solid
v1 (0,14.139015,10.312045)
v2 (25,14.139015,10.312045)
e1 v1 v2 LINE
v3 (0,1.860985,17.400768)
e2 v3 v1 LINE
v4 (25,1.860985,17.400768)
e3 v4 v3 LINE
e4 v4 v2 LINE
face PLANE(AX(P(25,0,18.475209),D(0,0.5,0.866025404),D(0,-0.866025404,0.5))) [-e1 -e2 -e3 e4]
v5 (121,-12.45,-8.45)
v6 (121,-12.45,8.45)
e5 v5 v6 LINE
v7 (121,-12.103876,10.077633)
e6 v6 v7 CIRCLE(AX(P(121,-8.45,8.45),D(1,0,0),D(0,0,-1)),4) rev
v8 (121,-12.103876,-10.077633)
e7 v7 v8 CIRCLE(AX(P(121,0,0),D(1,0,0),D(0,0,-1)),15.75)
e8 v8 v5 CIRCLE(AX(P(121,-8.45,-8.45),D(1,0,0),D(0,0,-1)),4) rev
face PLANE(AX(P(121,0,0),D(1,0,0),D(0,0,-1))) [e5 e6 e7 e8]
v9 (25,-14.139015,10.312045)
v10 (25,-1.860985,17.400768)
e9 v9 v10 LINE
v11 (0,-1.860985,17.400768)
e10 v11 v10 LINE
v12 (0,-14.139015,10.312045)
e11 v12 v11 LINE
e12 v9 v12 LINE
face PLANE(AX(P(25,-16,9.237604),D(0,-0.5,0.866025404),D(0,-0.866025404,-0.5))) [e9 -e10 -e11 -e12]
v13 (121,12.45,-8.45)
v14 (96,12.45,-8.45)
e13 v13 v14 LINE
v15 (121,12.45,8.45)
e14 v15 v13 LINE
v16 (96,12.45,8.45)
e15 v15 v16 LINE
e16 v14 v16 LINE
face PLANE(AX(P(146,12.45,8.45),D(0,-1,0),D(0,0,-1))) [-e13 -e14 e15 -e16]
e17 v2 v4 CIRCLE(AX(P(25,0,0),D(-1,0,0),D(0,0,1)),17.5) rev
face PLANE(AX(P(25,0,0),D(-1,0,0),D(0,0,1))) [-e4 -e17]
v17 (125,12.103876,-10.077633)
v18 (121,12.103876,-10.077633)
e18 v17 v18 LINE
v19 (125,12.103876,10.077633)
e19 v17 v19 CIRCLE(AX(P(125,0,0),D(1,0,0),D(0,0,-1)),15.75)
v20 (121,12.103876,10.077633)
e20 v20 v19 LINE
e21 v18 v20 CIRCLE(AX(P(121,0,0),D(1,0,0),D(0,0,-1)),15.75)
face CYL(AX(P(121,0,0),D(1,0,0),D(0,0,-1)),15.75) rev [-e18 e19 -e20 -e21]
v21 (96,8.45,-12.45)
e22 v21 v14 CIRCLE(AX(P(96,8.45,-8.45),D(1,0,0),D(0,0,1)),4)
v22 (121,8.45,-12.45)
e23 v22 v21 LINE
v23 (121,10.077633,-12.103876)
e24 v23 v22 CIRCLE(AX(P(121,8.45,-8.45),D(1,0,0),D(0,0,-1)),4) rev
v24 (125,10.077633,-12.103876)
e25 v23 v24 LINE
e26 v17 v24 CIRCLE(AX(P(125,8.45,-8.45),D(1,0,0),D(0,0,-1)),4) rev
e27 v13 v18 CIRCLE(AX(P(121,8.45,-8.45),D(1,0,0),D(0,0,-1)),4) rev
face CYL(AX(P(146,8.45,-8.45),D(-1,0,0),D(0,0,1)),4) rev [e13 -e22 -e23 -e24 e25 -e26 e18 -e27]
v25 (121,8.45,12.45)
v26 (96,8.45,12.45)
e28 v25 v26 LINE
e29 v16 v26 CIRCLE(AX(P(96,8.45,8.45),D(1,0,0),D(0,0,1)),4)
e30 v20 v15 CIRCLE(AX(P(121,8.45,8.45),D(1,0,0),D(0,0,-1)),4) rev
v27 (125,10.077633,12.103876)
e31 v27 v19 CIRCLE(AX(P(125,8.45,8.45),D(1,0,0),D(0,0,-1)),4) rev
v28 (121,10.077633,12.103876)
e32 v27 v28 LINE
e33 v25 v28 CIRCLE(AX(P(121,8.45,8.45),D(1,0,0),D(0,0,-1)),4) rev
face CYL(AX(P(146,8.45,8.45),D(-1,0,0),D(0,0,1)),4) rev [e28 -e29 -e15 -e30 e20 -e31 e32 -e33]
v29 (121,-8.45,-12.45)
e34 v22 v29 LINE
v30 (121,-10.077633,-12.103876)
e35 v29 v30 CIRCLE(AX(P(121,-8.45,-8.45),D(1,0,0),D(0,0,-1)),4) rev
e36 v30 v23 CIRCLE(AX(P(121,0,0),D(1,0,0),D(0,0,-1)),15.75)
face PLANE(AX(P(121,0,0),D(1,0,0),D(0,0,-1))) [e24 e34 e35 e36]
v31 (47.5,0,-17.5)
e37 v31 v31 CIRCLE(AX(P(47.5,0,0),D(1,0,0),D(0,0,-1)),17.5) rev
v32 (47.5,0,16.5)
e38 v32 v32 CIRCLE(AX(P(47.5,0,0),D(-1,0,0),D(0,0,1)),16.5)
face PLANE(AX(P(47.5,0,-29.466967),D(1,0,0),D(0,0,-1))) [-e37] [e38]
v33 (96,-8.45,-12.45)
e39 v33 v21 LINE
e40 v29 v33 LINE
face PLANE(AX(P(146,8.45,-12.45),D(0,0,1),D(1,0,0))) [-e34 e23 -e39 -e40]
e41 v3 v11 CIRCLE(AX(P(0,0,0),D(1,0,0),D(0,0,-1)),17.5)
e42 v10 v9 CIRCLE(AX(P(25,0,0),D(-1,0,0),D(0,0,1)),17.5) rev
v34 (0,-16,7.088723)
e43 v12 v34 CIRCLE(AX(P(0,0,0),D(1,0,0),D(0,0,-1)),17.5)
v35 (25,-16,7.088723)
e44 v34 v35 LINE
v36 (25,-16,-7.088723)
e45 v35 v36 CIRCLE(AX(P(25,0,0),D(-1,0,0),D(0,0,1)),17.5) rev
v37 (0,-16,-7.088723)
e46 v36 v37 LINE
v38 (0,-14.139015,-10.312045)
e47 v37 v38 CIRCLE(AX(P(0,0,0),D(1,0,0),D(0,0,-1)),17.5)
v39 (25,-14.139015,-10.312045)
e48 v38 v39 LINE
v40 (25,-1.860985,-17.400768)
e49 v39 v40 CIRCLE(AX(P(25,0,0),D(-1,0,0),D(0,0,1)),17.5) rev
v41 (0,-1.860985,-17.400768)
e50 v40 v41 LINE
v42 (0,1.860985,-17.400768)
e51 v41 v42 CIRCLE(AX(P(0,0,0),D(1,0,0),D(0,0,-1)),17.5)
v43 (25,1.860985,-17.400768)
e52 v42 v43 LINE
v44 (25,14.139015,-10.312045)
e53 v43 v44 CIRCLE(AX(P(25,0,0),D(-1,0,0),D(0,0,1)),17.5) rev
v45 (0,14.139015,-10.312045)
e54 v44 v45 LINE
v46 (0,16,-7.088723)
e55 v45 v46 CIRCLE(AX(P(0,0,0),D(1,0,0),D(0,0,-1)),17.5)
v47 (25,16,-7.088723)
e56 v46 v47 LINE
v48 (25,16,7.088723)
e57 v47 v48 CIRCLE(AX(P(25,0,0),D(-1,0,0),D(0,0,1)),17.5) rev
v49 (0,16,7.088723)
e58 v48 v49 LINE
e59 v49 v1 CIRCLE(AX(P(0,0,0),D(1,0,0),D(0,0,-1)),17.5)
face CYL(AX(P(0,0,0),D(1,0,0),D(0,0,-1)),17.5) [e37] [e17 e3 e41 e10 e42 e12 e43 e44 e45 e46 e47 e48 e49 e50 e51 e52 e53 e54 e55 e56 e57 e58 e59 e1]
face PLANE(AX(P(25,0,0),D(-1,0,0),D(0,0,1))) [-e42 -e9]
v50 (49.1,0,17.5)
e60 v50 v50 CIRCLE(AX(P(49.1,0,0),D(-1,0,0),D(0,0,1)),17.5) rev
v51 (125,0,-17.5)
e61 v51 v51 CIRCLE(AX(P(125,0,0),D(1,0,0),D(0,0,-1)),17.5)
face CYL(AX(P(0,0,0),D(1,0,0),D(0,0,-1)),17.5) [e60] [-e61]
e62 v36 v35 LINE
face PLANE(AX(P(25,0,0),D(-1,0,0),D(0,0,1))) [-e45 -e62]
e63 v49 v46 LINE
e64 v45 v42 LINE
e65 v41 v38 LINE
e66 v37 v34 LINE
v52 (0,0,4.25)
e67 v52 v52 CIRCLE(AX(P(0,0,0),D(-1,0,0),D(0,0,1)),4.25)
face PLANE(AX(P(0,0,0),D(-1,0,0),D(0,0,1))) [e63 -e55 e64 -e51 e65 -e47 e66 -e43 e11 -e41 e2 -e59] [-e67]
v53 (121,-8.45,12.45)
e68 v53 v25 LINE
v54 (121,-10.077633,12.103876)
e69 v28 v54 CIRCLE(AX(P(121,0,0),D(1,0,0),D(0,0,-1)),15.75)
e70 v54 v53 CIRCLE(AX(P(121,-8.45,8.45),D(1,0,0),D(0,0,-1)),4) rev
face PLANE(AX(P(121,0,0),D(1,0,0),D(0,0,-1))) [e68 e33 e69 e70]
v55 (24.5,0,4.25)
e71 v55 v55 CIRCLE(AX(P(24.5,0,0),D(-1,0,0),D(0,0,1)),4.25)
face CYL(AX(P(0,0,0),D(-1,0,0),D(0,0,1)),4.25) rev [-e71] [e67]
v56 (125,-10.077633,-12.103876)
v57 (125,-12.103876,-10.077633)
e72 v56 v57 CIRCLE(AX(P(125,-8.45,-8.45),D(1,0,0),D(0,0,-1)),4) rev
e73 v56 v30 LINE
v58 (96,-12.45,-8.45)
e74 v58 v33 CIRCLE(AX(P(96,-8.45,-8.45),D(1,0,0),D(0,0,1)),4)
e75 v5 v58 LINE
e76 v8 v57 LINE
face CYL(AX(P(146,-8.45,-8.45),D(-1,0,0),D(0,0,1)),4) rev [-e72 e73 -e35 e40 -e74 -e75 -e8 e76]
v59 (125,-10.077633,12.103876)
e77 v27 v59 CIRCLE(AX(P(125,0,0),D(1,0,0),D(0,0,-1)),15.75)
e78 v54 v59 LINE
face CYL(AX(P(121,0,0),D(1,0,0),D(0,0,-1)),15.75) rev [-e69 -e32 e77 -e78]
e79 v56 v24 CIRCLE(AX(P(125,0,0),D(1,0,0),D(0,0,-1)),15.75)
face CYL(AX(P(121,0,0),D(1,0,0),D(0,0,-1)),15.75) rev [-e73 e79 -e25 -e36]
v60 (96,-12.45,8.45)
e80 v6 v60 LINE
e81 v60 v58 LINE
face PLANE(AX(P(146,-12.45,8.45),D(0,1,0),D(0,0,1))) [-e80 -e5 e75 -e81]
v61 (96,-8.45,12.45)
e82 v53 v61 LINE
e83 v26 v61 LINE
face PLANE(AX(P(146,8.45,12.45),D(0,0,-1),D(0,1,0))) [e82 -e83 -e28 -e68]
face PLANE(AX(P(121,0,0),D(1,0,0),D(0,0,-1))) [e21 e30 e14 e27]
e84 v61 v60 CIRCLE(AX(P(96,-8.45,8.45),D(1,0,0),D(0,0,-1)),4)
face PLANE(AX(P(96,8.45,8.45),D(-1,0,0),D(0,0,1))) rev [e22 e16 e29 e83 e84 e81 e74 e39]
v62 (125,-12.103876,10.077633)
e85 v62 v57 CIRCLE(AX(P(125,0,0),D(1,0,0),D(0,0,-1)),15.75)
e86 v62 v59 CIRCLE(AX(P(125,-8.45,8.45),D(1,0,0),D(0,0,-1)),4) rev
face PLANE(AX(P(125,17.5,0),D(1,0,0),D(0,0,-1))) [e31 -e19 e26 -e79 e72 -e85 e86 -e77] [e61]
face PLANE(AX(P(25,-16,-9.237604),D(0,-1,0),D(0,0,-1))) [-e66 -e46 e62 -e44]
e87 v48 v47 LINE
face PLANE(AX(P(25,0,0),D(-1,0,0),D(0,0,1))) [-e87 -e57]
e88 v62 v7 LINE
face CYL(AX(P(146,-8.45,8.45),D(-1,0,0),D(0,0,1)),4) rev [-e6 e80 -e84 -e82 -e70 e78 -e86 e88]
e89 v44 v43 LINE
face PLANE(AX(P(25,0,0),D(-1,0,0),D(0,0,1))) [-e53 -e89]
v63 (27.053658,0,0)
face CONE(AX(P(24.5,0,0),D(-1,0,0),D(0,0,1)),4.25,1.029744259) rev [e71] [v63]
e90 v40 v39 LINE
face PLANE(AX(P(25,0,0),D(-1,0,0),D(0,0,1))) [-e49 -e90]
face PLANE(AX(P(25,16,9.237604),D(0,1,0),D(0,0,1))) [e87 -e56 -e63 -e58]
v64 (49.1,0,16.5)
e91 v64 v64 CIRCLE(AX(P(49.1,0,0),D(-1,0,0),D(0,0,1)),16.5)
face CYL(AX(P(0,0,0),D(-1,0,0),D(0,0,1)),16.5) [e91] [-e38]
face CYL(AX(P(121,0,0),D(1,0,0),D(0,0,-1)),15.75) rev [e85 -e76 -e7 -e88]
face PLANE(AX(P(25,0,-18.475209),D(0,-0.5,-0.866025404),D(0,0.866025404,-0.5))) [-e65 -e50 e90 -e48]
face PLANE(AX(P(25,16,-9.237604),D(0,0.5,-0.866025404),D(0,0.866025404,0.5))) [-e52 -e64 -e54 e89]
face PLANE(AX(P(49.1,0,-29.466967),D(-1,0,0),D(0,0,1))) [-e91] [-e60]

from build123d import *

# Parameters (mm, degrees)
SKETCH1_W                  = 125
SKETCH1_H                  = 17.5
SKETCH3_R                  = 15.75
CUT_EXTRUDE1_DEPTH         = 4
CUT_EXTRUDE2_DEPTH         = 25
CUT_EXTRUDE2_DEPTH_BACK    = 25
SKETCH5_OUTSIDE_W          = 63.888
SKETCH5_OUTSIDE_H          = 63.888
CUT_EXTRUDE3_DEPTH         = 25
SKETCH6_W                  = 1.6
SKETCH6_H                  = 12.966966859
M10X1_5_TAPPED_HOLE1_D     = 8.5
M10X1_5_TAPPED_HOLE1_DEPTH = 24.5
M10X1_5_TAPPED_HOLE1_TIP   = 2.553657631


with BuildPart() as part:
    # Sketch1 → Revolve1 (revolve)
    with BuildSketch(Plane.XY, mode=Mode.PRIVATE) as revolve1_sk:
        with Locations((62.5, 8.75)):
            Rectangle(SKETCH1_W, SKETCH1_H)
    revolve(revolve1_sk.sketch.rotate(Axis((0, 0, 0), (-1, 0, 0)), 90), axis=Axis((0, 0, 0), (-1, 0, 0)))

    # Sketch3 → Cut-Extrude1 (cut)
    with BuildSketch(Plane(origin=(125, 0, 0), x_dir=(0, 0, -1), z_dir=(1, 0, 0))):
        Circle(SKETCH3_R)
    extrude(amount=-CUT_EXTRUDE1_DEPTH, mode=Mode.SUBTRACT)

    # Sketch4 → Cut-Extrude2 (cut, two sides: drawn at the far end of the back side and taken through both)
    with BuildSketch(Plane(origin=(121, 0, 0), x_dir=(0, 0, -1), z_dir=(1, 0, 0)).offset(-CUT_EXTRUDE2_DEPTH_BACK)):
        with BuildLine():
            Line((-8.45, 12.45), (8.45, 12.45))
            ThreePointArc((8.45, 12.45), (11.278427125, 11.278427125), (12.45, 8.45))
            Line((12.45, 8.45), (12.45, -8.45))
            ThreePointArc((12.45, -8.45), (11.278427125, -11.278427125), (8.45, -12.45))
            Line((8.45, -12.45), (-8.45, -12.45))
            ThreePointArc((-8.45, -12.45), (-11.278427125, -11.278427125), (-12.45, -8.45))
            Line((-12.45, -8.45), (-12.45, 8.45))
            ThreePointArc((-12.45, 8.45), (-11.278427125, 11.278427125), (-8.45, 12.45))
        make_face()
    extrude(amount=CUT_EXTRUDE2_DEPTH + CUT_EXTRUDE2_DEPTH_BACK, mode=Mode.SUBTRACT)

    # Sketch5 outside → Cut-Extrude3 (cut)
    with BuildSketch(Plane.ZY):
        Rectangle(SKETCH5_OUTSIDE_W, SKETCH5_OUTSIDE_H)
        Polygon((9.237604307, 16), (-9.237604307, 16), (-18.475208614, 0), (-9.237604307, -16), (9.237604307, -16), (18.475208614, 0), align=None, mode=Mode.SUBTRACT)
    extrude(amount=-CUT_EXTRUDE3_DEPTH, mode=Mode.SUBTRACT)

    # Sketch6 → Cut-Revolve1 (revolve, cut)
    with BuildSketch(Plane(origin=(0, 0, 0), x_dir=(1, 0, 0), z_dir=(0, 1, 0))):
        with Locations((48.3, 22.98348343)):
            Rectangle(SKETCH6_W, SKETCH6_H)
    revolve(axis=Axis((0, 0, 0), (1, 0, 0)), mode=Mode.SUBTRACT)

    # M10x1.5 Tapped Hole1
    with Locations(Plane.ZY):
        with Locations((0, 0)):
            Hole(M10X1_5_TAPPED_HOLE1_D / 2, depth=M10X1_5_TAPPED_HOLE1_DEPTH)
            with Locations((0, 0, -(M10X1_5_TAPPED_HOLE1_DEPTH + M10X1_5_TAPPED_HOLE1_TIP / 2))):  # 118° drill point
                Cone(0, M10X1_5_TAPPED_HOLE1_D / 2, M10X1_5_TAPPED_HOLE1_TIP, mode=Mode.SUBTRACT)


solid = part.part
